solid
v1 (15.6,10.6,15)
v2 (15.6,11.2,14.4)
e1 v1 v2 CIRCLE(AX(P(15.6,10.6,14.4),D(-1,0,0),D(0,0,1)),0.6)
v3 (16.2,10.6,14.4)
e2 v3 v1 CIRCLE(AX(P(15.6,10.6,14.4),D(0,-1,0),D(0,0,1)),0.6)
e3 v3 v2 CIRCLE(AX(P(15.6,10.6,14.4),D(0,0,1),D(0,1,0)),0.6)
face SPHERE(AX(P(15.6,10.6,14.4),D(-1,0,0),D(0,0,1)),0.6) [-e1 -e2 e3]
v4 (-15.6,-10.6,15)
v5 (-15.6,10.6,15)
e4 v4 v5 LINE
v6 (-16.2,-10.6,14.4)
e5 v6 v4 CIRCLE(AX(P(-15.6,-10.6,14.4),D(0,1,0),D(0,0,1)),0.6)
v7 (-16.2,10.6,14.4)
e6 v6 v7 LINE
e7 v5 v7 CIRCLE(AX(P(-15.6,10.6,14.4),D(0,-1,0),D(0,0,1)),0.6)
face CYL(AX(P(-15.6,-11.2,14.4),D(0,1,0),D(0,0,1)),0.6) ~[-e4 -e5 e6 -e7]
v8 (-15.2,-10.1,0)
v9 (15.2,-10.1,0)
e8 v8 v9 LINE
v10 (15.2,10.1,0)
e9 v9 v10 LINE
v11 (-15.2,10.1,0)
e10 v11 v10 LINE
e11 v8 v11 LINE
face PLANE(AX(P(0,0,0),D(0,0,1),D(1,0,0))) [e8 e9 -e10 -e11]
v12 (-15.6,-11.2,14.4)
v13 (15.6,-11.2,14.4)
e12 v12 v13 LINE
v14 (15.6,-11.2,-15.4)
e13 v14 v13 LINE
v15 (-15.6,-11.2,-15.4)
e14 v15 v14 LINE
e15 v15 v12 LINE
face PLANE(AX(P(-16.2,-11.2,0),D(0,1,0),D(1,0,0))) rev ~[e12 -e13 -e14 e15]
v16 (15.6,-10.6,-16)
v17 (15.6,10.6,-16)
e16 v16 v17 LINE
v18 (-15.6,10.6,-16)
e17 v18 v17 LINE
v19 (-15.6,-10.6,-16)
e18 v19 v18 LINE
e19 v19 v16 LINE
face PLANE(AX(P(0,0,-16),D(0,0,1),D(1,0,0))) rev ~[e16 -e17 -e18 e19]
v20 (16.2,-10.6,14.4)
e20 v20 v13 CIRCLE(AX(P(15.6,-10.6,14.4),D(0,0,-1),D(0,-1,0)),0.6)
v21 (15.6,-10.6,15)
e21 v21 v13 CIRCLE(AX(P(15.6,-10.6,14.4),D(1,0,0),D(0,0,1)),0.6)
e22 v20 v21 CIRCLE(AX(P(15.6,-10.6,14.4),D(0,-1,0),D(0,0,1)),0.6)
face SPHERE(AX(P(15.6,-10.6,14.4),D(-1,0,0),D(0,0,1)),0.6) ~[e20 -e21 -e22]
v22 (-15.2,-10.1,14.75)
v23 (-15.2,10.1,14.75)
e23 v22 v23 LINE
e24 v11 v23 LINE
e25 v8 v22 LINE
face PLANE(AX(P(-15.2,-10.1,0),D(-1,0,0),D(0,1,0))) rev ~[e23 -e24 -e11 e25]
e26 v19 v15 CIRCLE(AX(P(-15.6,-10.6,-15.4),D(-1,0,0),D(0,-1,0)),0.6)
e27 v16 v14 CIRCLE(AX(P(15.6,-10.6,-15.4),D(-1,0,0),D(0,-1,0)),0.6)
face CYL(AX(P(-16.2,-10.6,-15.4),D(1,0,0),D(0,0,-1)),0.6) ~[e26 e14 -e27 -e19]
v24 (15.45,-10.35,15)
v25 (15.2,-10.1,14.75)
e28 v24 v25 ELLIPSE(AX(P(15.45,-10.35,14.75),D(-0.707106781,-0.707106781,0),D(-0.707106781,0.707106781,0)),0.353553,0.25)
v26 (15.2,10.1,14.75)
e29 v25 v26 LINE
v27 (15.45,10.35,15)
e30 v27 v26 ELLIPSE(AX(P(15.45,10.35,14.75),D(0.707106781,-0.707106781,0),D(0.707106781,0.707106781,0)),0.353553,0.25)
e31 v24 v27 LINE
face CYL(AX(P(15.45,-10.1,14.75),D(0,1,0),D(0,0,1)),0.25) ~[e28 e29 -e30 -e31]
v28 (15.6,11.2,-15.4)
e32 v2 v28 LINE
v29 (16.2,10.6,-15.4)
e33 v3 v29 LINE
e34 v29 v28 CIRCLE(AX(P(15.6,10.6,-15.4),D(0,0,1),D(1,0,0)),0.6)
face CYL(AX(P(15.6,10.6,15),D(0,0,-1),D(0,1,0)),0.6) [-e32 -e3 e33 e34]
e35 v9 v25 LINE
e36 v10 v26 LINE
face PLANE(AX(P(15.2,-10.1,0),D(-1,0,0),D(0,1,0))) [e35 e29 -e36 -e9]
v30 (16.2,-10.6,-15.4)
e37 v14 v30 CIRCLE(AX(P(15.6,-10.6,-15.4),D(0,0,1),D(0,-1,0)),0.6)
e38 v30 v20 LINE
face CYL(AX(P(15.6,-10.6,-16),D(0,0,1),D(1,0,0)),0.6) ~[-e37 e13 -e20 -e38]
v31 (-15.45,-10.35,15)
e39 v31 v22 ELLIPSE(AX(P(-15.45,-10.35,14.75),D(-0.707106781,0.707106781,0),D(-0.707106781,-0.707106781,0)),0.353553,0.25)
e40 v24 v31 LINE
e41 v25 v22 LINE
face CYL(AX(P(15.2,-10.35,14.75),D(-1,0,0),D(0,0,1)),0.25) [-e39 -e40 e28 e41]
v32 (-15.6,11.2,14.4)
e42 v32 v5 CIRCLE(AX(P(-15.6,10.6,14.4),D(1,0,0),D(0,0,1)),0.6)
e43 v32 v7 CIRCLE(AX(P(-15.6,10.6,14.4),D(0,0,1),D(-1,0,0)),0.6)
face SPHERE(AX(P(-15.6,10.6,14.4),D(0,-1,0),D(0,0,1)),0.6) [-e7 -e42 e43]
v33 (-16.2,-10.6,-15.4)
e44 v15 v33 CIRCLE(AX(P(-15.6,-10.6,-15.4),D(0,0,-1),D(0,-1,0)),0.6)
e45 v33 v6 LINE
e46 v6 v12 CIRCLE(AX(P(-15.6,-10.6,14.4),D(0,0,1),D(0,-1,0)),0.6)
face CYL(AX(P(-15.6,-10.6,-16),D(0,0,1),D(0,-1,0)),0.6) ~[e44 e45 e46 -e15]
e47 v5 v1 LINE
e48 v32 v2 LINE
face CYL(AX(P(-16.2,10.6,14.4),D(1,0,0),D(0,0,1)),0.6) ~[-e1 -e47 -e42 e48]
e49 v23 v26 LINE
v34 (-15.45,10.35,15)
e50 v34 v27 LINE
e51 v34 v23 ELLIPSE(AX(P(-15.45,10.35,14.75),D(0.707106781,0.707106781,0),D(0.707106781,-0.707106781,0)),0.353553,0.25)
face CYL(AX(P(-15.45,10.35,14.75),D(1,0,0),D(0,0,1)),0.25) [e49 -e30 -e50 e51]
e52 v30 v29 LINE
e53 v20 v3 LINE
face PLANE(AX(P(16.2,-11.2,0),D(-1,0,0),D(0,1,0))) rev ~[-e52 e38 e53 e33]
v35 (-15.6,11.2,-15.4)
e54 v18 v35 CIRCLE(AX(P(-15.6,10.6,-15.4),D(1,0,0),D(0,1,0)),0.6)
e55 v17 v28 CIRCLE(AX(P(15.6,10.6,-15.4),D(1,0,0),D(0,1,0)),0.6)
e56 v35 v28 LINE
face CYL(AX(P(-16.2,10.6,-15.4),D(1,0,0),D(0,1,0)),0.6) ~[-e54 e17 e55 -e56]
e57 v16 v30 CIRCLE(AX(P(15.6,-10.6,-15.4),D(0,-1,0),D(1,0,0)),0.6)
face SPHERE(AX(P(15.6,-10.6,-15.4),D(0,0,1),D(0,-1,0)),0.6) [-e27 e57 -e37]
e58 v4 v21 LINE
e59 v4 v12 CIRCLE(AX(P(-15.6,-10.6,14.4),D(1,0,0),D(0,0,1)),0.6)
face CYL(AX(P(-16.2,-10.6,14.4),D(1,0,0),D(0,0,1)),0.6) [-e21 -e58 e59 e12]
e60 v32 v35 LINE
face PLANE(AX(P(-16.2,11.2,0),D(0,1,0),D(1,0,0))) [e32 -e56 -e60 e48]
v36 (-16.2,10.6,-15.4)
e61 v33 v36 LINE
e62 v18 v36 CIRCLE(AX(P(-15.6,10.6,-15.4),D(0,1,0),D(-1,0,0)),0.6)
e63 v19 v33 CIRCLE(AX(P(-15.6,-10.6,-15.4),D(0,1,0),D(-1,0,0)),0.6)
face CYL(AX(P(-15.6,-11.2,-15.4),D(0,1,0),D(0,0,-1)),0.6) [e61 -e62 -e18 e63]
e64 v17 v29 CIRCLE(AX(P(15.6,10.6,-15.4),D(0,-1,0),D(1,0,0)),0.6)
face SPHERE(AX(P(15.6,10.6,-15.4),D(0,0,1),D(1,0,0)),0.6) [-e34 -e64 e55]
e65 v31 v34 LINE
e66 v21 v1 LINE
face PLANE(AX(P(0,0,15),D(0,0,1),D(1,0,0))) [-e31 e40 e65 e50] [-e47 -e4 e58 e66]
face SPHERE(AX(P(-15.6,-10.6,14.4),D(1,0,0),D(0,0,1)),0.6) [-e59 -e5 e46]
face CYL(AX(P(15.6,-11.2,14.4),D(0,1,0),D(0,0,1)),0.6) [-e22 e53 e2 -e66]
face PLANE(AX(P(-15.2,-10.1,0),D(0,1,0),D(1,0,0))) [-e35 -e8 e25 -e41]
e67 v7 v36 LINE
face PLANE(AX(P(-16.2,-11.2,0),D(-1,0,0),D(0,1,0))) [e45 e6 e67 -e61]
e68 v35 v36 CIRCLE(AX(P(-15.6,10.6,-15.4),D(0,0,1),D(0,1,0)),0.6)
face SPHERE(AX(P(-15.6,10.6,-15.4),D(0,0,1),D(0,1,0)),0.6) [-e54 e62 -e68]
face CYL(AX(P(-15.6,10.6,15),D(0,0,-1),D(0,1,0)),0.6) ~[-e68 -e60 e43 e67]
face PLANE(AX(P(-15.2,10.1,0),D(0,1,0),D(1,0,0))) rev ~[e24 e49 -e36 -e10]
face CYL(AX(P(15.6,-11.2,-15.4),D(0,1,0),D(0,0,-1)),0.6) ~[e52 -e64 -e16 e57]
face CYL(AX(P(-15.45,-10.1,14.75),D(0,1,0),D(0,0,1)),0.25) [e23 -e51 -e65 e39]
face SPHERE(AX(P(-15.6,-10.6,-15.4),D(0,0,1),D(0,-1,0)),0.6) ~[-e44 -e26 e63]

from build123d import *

# Parameters (mm, degrees)
F0_W     = 30.4
F0_H     = 20.2
F1_DEPTH = 16
F0_W_2   = 32.4
F0_H_2   = 22.4
F2_DEPTH = 16
F3_DEPTH = 15
F4_R     = 0.25
F5_R     = 0.25
F6_R     = 0.6


with BuildPart() as f1:
    # F0 (on Top) → F1 (new body)
    with BuildSketch(Plane.XY):
        Rectangle(F0_W, F0_H)
    extrude(amount=-F1_DEPTH)

    # F0 (on Top) → F2 (join)
    with BuildSketch(Plane.XY):
        Rectangle(F0_W_2, F0_H_2)
        Rectangle(F0_W, F0_H, mode=Mode.SUBTRACT)
    extrude(amount=-F2_DEPTH)

    # F0 (on Top) → F3 (join)
    with BuildSketch(Plane.XY):
        Rectangle(F0_W_2, F0_H_2)
        Rectangle(F0_W, F0_H, mode=Mode.SUBTRACT)
    extrude(amount=F3_DEPTH)

    # F4
    f4_edges = [f1.edges().sort_by_distance(p)[0] for p in [
        (-15.2, 0, 15),
    ]]
    fillet(f4_edges, radius=F4_R)

    # F5
    f5_edges = [f1.edges().sort_by_distance(p)[0] for p in [
        (0, 10.1, 15),
        (15.2, 0, 15),
        (0, -10.1, 15),
    ]]
    fillet(f5_edges, radius=F5_R)

    # F6
    f6_edges = [f1.edges().sort_by_distance(p)[0] for p in [
        (0, -11.2, 15),
        (-16.2, 0, 15),
        (0, 11.2, 15),
        (16.2, 0, 15),
        (-16.2, -11.2, -0.5),
        (16.2, -11.2, -0.5),
        (16.2, 11.2, -0.5),
        (-16.2, 11.2, -0.5),
        (0, -11.2, -16),
        (16.2, 0, -16),
        (0, 11.2, -16),
        (-16.2, 0, -16),
    ]]
    fillet(f6_edges, radius=F6_R)


solid = f1.part
